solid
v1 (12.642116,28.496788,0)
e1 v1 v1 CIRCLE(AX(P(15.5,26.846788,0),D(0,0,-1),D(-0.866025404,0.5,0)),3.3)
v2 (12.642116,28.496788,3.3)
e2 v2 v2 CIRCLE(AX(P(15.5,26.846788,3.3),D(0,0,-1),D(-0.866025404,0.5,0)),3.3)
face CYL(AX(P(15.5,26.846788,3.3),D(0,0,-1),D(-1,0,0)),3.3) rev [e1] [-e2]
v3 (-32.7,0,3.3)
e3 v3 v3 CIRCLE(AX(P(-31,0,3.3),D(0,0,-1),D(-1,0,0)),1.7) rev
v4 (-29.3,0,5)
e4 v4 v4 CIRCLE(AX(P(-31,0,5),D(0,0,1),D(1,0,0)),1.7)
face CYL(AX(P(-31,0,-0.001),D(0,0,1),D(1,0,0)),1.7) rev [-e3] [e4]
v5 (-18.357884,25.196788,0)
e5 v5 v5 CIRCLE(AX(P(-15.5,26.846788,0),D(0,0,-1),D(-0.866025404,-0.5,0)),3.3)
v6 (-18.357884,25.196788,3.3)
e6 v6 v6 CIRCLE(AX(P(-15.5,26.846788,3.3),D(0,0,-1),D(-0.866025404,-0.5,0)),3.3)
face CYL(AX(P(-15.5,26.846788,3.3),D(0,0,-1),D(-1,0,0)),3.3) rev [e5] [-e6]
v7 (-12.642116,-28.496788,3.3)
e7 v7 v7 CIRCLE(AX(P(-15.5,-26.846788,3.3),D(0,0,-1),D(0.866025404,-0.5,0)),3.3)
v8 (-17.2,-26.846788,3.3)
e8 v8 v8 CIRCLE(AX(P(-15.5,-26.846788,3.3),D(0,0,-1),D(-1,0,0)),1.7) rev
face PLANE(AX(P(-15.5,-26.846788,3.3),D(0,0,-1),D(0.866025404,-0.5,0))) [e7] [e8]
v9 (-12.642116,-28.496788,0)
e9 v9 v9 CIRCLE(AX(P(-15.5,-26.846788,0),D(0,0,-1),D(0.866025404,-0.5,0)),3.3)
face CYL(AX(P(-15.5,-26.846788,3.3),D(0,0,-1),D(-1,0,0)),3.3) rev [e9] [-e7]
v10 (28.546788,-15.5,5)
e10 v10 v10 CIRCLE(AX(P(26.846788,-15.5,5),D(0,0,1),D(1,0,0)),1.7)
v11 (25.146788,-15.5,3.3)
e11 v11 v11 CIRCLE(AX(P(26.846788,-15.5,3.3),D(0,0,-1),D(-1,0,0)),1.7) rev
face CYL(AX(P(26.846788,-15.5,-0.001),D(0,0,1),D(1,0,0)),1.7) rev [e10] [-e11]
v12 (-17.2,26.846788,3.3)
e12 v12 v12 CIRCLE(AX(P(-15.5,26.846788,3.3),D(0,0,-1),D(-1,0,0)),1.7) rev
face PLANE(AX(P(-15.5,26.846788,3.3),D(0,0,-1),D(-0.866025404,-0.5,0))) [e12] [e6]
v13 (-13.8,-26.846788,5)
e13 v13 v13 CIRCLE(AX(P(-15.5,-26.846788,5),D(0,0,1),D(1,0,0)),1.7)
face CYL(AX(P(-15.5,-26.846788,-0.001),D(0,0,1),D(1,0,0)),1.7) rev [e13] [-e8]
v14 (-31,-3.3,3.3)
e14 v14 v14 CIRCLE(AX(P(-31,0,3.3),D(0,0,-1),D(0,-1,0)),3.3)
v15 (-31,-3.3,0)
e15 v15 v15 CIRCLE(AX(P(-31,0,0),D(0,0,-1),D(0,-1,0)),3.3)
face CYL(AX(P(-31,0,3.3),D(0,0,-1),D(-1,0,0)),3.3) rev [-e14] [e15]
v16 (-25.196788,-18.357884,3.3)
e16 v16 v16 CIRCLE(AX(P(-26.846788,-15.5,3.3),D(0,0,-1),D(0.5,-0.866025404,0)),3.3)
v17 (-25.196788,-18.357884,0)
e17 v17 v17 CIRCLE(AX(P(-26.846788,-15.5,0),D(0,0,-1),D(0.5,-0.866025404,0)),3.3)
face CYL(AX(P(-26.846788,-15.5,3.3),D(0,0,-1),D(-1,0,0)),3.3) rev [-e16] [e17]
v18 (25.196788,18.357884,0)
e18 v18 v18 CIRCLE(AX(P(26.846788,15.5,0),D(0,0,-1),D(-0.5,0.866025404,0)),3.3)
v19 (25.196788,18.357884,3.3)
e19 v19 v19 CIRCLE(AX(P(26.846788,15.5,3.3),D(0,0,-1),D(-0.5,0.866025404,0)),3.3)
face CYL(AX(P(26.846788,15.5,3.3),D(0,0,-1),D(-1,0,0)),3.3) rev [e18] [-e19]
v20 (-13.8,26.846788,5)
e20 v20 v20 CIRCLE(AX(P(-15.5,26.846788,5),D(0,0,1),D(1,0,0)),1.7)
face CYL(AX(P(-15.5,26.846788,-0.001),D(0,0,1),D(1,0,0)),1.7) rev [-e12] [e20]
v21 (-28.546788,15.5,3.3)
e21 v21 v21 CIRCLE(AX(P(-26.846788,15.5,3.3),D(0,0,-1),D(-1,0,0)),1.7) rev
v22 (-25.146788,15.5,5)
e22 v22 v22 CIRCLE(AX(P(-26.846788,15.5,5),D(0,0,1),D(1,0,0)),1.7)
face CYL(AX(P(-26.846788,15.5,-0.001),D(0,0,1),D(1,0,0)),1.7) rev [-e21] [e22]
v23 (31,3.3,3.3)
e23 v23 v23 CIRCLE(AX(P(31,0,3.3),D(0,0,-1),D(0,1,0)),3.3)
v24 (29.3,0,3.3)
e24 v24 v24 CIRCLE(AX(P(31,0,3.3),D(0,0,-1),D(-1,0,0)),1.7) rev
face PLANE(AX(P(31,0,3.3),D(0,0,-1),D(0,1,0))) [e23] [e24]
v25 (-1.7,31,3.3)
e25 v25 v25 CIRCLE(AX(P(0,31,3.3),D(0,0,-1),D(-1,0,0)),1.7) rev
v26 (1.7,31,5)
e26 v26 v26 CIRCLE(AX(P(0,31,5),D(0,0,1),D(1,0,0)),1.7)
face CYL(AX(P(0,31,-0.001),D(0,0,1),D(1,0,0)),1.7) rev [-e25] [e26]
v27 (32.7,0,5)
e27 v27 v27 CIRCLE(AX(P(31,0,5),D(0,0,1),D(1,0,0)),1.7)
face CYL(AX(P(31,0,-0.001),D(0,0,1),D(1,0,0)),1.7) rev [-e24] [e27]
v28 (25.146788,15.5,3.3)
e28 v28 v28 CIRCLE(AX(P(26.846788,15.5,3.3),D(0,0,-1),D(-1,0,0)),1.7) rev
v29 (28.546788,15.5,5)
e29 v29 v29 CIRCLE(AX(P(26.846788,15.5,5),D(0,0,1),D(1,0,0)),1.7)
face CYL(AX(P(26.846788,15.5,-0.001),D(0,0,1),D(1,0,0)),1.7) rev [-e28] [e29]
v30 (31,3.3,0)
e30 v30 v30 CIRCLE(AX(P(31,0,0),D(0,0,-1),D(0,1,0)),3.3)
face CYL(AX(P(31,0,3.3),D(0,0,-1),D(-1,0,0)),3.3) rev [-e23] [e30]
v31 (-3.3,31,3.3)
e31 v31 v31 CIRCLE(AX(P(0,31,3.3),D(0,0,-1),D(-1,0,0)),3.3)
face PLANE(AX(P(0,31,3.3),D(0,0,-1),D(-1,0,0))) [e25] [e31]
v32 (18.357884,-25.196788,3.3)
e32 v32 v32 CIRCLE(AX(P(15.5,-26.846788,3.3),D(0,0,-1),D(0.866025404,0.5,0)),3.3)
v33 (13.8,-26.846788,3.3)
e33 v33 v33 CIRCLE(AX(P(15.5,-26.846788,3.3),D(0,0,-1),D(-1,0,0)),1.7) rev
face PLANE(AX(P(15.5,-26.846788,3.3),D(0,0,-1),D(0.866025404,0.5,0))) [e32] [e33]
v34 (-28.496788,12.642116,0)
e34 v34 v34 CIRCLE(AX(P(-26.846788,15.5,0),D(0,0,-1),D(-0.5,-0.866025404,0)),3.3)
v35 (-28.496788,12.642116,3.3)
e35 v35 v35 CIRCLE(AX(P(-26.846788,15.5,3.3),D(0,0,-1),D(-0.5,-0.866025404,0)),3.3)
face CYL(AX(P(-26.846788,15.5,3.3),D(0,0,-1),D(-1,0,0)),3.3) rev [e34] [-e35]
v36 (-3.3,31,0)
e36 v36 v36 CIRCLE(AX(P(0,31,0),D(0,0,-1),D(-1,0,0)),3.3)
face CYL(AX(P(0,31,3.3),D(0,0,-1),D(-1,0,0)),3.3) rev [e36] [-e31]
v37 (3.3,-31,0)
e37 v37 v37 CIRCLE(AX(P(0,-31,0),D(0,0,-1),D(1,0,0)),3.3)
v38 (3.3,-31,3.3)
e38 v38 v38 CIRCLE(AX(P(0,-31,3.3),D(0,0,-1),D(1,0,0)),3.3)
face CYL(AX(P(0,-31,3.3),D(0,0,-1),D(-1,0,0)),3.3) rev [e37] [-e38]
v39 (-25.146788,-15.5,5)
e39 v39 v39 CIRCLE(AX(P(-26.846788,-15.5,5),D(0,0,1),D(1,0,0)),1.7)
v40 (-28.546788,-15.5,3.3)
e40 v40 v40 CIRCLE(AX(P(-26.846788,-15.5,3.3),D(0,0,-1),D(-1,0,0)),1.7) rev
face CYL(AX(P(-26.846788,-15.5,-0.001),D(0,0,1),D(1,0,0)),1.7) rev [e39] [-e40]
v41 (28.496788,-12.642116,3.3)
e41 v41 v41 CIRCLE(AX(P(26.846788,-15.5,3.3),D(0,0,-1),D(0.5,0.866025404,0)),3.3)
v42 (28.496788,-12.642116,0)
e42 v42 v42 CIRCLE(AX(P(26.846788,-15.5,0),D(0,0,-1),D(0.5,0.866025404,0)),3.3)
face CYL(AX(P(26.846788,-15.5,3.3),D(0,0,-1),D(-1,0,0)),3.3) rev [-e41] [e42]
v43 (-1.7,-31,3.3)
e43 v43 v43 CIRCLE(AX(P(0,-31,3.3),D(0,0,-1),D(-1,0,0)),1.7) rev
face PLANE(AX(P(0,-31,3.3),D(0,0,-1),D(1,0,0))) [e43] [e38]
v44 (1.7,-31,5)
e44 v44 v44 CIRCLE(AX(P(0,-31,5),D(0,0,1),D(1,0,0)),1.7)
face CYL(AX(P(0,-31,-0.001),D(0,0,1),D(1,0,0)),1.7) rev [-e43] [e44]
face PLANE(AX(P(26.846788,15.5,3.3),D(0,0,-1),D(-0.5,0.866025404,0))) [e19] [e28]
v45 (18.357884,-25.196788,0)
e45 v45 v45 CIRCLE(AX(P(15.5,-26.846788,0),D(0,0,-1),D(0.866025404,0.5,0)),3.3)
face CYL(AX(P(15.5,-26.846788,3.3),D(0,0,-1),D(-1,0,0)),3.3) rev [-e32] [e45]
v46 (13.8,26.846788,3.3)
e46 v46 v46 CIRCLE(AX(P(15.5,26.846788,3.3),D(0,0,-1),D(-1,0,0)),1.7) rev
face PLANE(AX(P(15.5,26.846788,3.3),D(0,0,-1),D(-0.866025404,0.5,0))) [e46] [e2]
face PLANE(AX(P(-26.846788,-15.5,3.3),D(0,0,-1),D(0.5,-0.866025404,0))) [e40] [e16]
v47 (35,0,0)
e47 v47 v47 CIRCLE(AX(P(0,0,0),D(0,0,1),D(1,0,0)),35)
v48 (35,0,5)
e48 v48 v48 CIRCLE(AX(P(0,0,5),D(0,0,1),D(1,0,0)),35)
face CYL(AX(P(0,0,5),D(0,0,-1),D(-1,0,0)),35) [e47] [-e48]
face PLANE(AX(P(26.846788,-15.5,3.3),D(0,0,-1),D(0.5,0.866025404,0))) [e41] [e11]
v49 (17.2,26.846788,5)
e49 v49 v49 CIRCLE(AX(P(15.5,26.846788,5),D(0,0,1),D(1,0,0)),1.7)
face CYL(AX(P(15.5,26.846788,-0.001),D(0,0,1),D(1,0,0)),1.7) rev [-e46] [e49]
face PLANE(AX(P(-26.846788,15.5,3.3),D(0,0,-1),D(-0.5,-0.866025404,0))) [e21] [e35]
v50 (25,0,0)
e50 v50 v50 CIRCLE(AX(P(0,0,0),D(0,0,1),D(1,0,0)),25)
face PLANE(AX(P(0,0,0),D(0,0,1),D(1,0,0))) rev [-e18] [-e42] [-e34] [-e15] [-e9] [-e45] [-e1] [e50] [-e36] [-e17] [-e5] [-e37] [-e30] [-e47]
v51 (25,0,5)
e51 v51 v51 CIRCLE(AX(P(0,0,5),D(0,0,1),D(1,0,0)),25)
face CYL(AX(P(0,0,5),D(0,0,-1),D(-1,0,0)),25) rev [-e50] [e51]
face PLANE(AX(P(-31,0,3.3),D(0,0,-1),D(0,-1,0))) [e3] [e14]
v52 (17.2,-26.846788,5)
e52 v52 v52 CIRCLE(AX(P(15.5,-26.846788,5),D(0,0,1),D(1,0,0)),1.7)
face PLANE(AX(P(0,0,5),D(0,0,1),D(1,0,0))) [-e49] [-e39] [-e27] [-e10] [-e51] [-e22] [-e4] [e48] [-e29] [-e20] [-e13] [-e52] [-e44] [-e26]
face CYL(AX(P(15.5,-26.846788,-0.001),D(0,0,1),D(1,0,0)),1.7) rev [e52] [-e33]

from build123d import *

# Parameters (mm, degrees)
SKETCH1_R           = 35
SKETCH1_R_2         = 25
BOSS_EXTRUDE1_DEPTH = 5
CUT_EXTRUDE1_REACH  = 51.749
SKETCH2_R           = 1.7
SKETCH3_R           = 3.3
CUT_EXTRUDE2_DEPTH  = 3.3
CIRPATTERN1_COUNT   = 12


with BuildPart() as part:
    # Sketch1 → Boss-Extrude1 (new body)
    with BuildSketch(Plane.XY):
        Circle(SKETCH1_R)
        Circle(SKETCH1_R_2, mode=Mode.SUBTRACT)
    extrude(amount=BOSS_EXTRUDE1_DEPTH)

    # Sketch2 → Cut-Extrude1 (cut, up to next)
    with BuildSketch(Plane.XY.offset(5), mode=Mode.PRIVATE) as cut_extrude1_sk1:
        with Locations((0, 31)):
            Circle(SKETCH2_R)
    cut_extrude1_tool1 = extrude(cut_extrude1_sk1.sketch, amount=-CUT_EXTRUDE1_REACH, mode=Mode.PRIVATE) & part.part
    # Sketch2 → Cut-Extrude1 (cut, up to next)
    with BuildSketch(Plane.XY.offset(5), mode=Mode.PRIVATE) as cut_extrude1_sk2:
        with Locations((15.5, 26.846787517)):
            Circle(SKETCH2_R)
    cut_extrude1_tool2 = extrude(cut_extrude1_sk2.sketch, amount=-CUT_EXTRUDE1_REACH, mode=Mode.PRIVATE) & part.part
    # Sketch2 → Cut-Extrude1 (cut, up to next)
    with BuildSketch(Plane.XY.offset(5), mode=Mode.PRIVATE) as cut_extrude1_sk3:
        with Locations((26.846787517, 15.5)):
            Circle(SKETCH2_R)
    cut_extrude1_tool3 = extrude(cut_extrude1_sk3.sketch, amount=-CUT_EXTRUDE1_REACH, mode=Mode.PRIVATE) & part.part
    # Sketch2 → Cut-Extrude1 (cut, up to next)
    with BuildSketch(Plane.XY.offset(5), mode=Mode.PRIVATE) as cut_extrude1_sk4:
        with Locations((31, 0)):
            Circle(SKETCH2_R)
    cut_extrude1_tool4 = extrude(cut_extrude1_sk4.sketch, amount=-CUT_EXTRUDE1_REACH, mode=Mode.PRIVATE) & part.part
    # Sketch2 → Cut-Extrude1 (cut, up to next)
    with BuildSketch(Plane.XY.offset(5), mode=Mode.PRIVATE) as cut_extrude1_sk5:
        with Locations((26.846787517, -15.5)):
            Circle(SKETCH2_R)
    cut_extrude1_tool5 = extrude(cut_extrude1_sk5.sketch, amount=-CUT_EXTRUDE1_REACH, mode=Mode.PRIVATE) & part.part
    # Sketch2 → Cut-Extrude1 (cut, up to next)
    with BuildSketch(Plane.XY.offset(5), mode=Mode.PRIVATE) as cut_extrude1_sk6:
        with Locations((15.5, -26.846787517)):
            Circle(SKETCH2_R)
    cut_extrude1_tool6 = extrude(cut_extrude1_sk6.sketch, amount=-CUT_EXTRUDE1_REACH, mode=Mode.PRIVATE) & part.part
    # Sketch2 → Cut-Extrude1 (cut, up to next)
    with BuildSketch(Plane.XY.offset(5), mode=Mode.PRIVATE) as cut_extrude1_sk7:
        with Locations((0, -31)):
            Circle(SKETCH2_R)
    cut_extrude1_tool7 = extrude(cut_extrude1_sk7.sketch, amount=-CUT_EXTRUDE1_REACH, mode=Mode.PRIVATE) & part.part
    # Sketch2 → Cut-Extrude1 (cut, up to next)
    with BuildSketch(Plane.XY.offset(5), mode=Mode.PRIVATE) as cut_extrude1_sk8:
        with Locations((-15.5, -26.846787517)):
            Circle(SKETCH2_R)
    cut_extrude1_tool8 = extrude(cut_extrude1_sk8.sketch, amount=-CUT_EXTRUDE1_REACH, mode=Mode.PRIVATE) & part.part
    # Sketch2 → Cut-Extrude1 (cut, up to next)
    with BuildSketch(Plane.XY.offset(5), mode=Mode.PRIVATE) as cut_extrude1_sk9:
        with Locations((-26.846787517, -15.5)):
            Circle(SKETCH2_R)
    cut_extrude1_tool9 = extrude(cut_extrude1_sk9.sketch, amount=-CUT_EXTRUDE1_REACH, mode=Mode.PRIVATE) & part.part
    # Sketch2 → Cut-Extrude1 (cut, up to next)
    with BuildSketch(Plane.XY.offset(5), mode=Mode.PRIVATE) as cut_extrude1_sk10:
        with Locations((-31, 0)):
            Circle(SKETCH2_R)
    cut_extrude1_tool10 = extrude(cut_extrude1_sk10.sketch, amount=-CUT_EXTRUDE1_REACH, mode=Mode.PRIVATE) & part.part
    # Sketch2 → Cut-Extrude1 (cut, up to next)
    with BuildSketch(Plane.XY.offset(5), mode=Mode.PRIVATE) as cut_extrude1_sk11:
        with Locations((-26.846787517, 15.5)):
            Circle(SKETCH2_R)
    cut_extrude1_tool11 = extrude(cut_extrude1_sk11.sketch, amount=-CUT_EXTRUDE1_REACH, mode=Mode.PRIVATE) & part.part
    # Sketch2 → Cut-Extrude1 (cut, up to next)
    with BuildSketch(Plane.XY.offset(5), mode=Mode.PRIVATE) as cut_extrude1_sk12:
        with Locations((-15.5, 26.846787517)):
            Circle(SKETCH2_R)
    cut_extrude1_tool12 = extrude(cut_extrude1_sk12.sketch, amount=-CUT_EXTRUDE1_REACH, mode=Mode.PRIVATE) & part.part
    add(cut_extrude1_tool1.solids().sort_by_distance((0, 31, 5))[0], mode=Mode.SUBTRACT)
    add(cut_extrude1_tool2.solids().sort_by_distance((15.5, 26.846788, 5))[0], mode=Mode.SUBTRACT)
    add(cut_extrude1_tool3.solids().sort_by_distance((26.846788, 15.5, 5))[0], mode=Mode.SUBTRACT)
    add(cut_extrude1_tool4.solids().sort_by_distance((31, 0, 5))[0], mode=Mode.SUBTRACT)
    add(cut_extrude1_tool5.solids().sort_by_distance((26.846788, -15.5, 5))[0], mode=Mode.SUBTRACT)
    add(cut_extrude1_tool6.solids().sort_by_distance((15.5, -26.846788, 5))[0], mode=Mode.SUBTRACT)
    add(cut_extrude1_tool7.solids().sort_by_distance((0, -31, 5))[0], mode=Mode.SUBTRACT)
    add(cut_extrude1_tool8.solids().sort_by_distance((-15.5, -26.846788, 5))[0], mode=Mode.SUBTRACT)
    add(cut_extrude1_tool9.solids().sort_by_distance((-26.846788, -15.5, 5))[0], mode=Mode.SUBTRACT)
    add(cut_extrude1_tool10.solids().sort_by_distance((-31, 0, 5))[0], mode=Mode.SUBTRACT)
    add(cut_extrude1_tool11.solids().sort_by_distance((-26.846788, 15.5, 5))[0], mode=Mode.SUBTRACT)
    add(cut_extrude1_tool12.solids().sort_by_distance((-15.5, 26.846788, 5))[0], mode=Mode.SUBTRACT)

    # Sketch3 → Cut-Extrude2 (cut)
    with BuildSketch(Plane(origin=(0, 0, 0), x_dir=(-1, 0, 0), z_dir=(0, 0, -1))):
        with Locations((0, 31)):
            Circle(SKETCH3_R)
    cut_extrude2 = extrude(amount=-CUT_EXTRUDE2_DEPTH, mode=Mode.SUBTRACT)

    # CirPattern1: Cut-Extrude2 ×12 about axis
    cirpattern1_axis = Axis((0, 0, 0), (0, 0, 1))
    for i in range(1, CIRPATTERN1_COUNT):
        add(cut_extrude2.rotate(cirpattern1_axis, i * 360 / CIRPATTERN1_COUNT), mode=Mode.SUBTRACT)


solid = part.part
